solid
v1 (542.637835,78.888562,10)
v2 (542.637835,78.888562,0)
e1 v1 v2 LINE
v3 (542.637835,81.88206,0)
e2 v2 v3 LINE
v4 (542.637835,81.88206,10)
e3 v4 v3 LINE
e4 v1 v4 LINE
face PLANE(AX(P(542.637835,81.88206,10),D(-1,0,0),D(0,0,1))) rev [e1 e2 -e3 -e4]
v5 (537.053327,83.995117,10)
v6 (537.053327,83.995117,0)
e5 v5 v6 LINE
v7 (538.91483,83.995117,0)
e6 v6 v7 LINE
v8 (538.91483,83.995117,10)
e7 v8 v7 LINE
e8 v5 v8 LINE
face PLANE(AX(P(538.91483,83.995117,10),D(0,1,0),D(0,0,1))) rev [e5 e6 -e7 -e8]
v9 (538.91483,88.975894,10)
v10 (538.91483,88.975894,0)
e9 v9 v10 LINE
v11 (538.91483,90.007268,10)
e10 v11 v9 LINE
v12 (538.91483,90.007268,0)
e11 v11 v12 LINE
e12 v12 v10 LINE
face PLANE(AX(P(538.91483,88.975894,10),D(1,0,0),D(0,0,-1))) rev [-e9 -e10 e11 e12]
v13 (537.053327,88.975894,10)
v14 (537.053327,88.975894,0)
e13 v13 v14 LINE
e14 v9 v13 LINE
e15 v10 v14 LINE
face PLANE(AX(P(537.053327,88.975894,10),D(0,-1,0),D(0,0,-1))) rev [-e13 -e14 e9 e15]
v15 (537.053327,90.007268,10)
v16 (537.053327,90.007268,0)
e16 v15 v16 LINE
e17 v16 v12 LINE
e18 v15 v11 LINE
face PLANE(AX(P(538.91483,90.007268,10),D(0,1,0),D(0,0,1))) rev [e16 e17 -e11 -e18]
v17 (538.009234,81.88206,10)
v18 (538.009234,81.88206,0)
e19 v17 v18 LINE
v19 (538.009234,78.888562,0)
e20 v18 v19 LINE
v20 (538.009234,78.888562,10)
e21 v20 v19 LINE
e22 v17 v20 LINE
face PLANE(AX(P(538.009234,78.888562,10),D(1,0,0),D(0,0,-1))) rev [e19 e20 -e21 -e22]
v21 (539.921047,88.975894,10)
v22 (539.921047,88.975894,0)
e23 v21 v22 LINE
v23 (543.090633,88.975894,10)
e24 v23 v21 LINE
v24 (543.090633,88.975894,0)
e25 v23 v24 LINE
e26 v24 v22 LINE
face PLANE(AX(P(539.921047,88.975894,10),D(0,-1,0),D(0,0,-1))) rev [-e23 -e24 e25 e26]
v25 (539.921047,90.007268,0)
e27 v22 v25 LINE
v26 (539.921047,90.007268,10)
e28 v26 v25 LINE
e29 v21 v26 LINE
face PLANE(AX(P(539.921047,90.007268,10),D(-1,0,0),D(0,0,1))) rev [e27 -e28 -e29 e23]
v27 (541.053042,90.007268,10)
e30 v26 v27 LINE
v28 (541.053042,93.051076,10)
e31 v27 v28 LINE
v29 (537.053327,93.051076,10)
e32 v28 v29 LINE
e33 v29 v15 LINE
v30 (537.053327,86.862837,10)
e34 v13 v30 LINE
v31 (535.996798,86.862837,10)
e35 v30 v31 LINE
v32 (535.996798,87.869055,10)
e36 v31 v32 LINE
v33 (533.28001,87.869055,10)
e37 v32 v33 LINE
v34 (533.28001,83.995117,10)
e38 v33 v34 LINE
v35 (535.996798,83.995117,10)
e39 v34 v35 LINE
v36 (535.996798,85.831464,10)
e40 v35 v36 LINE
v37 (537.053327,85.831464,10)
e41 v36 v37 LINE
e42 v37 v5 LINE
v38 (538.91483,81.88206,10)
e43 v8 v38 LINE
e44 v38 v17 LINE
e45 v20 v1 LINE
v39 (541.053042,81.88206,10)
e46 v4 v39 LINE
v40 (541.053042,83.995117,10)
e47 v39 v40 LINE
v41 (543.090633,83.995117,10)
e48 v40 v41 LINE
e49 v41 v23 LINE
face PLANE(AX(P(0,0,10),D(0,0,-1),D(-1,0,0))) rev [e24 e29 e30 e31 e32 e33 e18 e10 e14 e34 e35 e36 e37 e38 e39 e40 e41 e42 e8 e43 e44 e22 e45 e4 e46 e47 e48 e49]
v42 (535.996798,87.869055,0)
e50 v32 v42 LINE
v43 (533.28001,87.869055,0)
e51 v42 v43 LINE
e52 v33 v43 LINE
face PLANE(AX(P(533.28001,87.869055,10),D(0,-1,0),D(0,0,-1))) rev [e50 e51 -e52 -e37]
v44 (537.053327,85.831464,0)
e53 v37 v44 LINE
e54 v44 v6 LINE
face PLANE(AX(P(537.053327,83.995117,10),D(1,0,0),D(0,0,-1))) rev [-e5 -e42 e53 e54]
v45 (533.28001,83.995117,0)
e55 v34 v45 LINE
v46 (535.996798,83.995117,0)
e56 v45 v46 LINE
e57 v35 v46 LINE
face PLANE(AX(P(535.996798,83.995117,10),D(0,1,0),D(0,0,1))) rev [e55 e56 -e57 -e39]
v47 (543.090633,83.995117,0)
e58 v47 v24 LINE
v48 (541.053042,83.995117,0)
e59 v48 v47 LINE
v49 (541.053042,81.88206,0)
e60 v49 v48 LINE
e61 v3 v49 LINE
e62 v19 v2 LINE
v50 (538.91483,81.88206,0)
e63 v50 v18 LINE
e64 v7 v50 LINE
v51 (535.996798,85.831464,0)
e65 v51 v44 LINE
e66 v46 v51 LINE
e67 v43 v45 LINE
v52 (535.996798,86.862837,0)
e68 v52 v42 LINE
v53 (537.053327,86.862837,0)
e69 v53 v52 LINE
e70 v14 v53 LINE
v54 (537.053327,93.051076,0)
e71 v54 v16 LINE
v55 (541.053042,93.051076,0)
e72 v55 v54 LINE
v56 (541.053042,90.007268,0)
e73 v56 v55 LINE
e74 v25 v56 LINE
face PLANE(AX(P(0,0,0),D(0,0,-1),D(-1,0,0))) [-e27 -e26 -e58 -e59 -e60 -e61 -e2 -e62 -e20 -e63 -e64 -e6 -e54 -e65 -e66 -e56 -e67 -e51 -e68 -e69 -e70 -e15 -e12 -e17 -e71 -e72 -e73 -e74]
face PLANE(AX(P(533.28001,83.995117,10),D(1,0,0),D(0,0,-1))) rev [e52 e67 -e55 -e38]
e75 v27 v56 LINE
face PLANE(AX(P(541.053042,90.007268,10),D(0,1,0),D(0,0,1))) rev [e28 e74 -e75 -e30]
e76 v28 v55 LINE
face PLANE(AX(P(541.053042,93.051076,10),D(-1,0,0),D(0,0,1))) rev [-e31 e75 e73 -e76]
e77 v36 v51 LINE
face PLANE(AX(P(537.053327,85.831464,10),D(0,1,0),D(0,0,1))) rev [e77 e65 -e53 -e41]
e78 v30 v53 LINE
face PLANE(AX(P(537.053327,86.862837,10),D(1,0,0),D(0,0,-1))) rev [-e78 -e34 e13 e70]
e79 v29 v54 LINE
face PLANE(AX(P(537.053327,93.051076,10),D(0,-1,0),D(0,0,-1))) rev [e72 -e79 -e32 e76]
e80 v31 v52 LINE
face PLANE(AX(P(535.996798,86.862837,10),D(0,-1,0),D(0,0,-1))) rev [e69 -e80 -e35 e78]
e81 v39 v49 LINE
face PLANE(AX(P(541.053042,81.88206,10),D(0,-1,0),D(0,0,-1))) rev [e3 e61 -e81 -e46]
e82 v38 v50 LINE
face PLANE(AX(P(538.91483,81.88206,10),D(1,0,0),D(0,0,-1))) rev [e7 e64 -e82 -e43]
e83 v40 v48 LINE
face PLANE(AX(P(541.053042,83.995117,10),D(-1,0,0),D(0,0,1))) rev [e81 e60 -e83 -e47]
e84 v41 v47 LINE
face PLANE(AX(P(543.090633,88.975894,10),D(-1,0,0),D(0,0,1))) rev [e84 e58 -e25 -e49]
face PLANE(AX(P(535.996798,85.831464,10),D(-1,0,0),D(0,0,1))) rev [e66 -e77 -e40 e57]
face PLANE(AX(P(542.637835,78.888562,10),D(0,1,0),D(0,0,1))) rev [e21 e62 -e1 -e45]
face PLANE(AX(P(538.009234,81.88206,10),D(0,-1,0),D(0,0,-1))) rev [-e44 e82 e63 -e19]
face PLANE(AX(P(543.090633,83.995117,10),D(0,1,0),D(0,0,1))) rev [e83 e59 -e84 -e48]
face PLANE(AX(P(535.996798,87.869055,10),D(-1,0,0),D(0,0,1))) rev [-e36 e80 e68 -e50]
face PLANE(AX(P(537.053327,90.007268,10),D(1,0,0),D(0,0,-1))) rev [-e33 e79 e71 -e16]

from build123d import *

# Parameters (mm, degrees)
BOSS_EXTRUDE1_DEPTH = 10


with BuildPart() as part:
    # Sketch1 → Boss-Extrude1 (new body)
    with BuildSketch(Plane.XY):
        Polygon((543.090633102, 88.975894456), (543.090633102, 83.995116821), (541.053042252, 83.995116821), (541.053042252, 81.882059642), (542.637835136, 81.882059642), (542.637835136, 78.888561973), (538.009233697, 78.888561973), (538.009233697, 81.882059642), (538.91482963, 81.882059642), (538.91482963, 83.995116821), (537.053326878, 83.995116821), (537.053326878, 85.831464131), (535.996798289, 85.831464131), (535.996798289, 83.995116821), (533.280010488, 83.995116821), (533.280010488, 87.869054981), (535.996798289, 87.869054981), (535.996798289, 86.862837277), (537.053326878, 86.862837277), (537.053326878, 88.975894456), (538.91482963, 88.975894456), (538.91482963, 90.007267603), (537.053326878, 90.007267603), (537.053326878, 93.051076157), (541.053042252, 93.051076157), (541.053042252, 90.007267603), (539.921047335, 90.007267603), (539.921047335, 88.975894456), align=None)
    extrude(amount=BOSS_EXTRUDE1_DEPTH)


solid = part.part
